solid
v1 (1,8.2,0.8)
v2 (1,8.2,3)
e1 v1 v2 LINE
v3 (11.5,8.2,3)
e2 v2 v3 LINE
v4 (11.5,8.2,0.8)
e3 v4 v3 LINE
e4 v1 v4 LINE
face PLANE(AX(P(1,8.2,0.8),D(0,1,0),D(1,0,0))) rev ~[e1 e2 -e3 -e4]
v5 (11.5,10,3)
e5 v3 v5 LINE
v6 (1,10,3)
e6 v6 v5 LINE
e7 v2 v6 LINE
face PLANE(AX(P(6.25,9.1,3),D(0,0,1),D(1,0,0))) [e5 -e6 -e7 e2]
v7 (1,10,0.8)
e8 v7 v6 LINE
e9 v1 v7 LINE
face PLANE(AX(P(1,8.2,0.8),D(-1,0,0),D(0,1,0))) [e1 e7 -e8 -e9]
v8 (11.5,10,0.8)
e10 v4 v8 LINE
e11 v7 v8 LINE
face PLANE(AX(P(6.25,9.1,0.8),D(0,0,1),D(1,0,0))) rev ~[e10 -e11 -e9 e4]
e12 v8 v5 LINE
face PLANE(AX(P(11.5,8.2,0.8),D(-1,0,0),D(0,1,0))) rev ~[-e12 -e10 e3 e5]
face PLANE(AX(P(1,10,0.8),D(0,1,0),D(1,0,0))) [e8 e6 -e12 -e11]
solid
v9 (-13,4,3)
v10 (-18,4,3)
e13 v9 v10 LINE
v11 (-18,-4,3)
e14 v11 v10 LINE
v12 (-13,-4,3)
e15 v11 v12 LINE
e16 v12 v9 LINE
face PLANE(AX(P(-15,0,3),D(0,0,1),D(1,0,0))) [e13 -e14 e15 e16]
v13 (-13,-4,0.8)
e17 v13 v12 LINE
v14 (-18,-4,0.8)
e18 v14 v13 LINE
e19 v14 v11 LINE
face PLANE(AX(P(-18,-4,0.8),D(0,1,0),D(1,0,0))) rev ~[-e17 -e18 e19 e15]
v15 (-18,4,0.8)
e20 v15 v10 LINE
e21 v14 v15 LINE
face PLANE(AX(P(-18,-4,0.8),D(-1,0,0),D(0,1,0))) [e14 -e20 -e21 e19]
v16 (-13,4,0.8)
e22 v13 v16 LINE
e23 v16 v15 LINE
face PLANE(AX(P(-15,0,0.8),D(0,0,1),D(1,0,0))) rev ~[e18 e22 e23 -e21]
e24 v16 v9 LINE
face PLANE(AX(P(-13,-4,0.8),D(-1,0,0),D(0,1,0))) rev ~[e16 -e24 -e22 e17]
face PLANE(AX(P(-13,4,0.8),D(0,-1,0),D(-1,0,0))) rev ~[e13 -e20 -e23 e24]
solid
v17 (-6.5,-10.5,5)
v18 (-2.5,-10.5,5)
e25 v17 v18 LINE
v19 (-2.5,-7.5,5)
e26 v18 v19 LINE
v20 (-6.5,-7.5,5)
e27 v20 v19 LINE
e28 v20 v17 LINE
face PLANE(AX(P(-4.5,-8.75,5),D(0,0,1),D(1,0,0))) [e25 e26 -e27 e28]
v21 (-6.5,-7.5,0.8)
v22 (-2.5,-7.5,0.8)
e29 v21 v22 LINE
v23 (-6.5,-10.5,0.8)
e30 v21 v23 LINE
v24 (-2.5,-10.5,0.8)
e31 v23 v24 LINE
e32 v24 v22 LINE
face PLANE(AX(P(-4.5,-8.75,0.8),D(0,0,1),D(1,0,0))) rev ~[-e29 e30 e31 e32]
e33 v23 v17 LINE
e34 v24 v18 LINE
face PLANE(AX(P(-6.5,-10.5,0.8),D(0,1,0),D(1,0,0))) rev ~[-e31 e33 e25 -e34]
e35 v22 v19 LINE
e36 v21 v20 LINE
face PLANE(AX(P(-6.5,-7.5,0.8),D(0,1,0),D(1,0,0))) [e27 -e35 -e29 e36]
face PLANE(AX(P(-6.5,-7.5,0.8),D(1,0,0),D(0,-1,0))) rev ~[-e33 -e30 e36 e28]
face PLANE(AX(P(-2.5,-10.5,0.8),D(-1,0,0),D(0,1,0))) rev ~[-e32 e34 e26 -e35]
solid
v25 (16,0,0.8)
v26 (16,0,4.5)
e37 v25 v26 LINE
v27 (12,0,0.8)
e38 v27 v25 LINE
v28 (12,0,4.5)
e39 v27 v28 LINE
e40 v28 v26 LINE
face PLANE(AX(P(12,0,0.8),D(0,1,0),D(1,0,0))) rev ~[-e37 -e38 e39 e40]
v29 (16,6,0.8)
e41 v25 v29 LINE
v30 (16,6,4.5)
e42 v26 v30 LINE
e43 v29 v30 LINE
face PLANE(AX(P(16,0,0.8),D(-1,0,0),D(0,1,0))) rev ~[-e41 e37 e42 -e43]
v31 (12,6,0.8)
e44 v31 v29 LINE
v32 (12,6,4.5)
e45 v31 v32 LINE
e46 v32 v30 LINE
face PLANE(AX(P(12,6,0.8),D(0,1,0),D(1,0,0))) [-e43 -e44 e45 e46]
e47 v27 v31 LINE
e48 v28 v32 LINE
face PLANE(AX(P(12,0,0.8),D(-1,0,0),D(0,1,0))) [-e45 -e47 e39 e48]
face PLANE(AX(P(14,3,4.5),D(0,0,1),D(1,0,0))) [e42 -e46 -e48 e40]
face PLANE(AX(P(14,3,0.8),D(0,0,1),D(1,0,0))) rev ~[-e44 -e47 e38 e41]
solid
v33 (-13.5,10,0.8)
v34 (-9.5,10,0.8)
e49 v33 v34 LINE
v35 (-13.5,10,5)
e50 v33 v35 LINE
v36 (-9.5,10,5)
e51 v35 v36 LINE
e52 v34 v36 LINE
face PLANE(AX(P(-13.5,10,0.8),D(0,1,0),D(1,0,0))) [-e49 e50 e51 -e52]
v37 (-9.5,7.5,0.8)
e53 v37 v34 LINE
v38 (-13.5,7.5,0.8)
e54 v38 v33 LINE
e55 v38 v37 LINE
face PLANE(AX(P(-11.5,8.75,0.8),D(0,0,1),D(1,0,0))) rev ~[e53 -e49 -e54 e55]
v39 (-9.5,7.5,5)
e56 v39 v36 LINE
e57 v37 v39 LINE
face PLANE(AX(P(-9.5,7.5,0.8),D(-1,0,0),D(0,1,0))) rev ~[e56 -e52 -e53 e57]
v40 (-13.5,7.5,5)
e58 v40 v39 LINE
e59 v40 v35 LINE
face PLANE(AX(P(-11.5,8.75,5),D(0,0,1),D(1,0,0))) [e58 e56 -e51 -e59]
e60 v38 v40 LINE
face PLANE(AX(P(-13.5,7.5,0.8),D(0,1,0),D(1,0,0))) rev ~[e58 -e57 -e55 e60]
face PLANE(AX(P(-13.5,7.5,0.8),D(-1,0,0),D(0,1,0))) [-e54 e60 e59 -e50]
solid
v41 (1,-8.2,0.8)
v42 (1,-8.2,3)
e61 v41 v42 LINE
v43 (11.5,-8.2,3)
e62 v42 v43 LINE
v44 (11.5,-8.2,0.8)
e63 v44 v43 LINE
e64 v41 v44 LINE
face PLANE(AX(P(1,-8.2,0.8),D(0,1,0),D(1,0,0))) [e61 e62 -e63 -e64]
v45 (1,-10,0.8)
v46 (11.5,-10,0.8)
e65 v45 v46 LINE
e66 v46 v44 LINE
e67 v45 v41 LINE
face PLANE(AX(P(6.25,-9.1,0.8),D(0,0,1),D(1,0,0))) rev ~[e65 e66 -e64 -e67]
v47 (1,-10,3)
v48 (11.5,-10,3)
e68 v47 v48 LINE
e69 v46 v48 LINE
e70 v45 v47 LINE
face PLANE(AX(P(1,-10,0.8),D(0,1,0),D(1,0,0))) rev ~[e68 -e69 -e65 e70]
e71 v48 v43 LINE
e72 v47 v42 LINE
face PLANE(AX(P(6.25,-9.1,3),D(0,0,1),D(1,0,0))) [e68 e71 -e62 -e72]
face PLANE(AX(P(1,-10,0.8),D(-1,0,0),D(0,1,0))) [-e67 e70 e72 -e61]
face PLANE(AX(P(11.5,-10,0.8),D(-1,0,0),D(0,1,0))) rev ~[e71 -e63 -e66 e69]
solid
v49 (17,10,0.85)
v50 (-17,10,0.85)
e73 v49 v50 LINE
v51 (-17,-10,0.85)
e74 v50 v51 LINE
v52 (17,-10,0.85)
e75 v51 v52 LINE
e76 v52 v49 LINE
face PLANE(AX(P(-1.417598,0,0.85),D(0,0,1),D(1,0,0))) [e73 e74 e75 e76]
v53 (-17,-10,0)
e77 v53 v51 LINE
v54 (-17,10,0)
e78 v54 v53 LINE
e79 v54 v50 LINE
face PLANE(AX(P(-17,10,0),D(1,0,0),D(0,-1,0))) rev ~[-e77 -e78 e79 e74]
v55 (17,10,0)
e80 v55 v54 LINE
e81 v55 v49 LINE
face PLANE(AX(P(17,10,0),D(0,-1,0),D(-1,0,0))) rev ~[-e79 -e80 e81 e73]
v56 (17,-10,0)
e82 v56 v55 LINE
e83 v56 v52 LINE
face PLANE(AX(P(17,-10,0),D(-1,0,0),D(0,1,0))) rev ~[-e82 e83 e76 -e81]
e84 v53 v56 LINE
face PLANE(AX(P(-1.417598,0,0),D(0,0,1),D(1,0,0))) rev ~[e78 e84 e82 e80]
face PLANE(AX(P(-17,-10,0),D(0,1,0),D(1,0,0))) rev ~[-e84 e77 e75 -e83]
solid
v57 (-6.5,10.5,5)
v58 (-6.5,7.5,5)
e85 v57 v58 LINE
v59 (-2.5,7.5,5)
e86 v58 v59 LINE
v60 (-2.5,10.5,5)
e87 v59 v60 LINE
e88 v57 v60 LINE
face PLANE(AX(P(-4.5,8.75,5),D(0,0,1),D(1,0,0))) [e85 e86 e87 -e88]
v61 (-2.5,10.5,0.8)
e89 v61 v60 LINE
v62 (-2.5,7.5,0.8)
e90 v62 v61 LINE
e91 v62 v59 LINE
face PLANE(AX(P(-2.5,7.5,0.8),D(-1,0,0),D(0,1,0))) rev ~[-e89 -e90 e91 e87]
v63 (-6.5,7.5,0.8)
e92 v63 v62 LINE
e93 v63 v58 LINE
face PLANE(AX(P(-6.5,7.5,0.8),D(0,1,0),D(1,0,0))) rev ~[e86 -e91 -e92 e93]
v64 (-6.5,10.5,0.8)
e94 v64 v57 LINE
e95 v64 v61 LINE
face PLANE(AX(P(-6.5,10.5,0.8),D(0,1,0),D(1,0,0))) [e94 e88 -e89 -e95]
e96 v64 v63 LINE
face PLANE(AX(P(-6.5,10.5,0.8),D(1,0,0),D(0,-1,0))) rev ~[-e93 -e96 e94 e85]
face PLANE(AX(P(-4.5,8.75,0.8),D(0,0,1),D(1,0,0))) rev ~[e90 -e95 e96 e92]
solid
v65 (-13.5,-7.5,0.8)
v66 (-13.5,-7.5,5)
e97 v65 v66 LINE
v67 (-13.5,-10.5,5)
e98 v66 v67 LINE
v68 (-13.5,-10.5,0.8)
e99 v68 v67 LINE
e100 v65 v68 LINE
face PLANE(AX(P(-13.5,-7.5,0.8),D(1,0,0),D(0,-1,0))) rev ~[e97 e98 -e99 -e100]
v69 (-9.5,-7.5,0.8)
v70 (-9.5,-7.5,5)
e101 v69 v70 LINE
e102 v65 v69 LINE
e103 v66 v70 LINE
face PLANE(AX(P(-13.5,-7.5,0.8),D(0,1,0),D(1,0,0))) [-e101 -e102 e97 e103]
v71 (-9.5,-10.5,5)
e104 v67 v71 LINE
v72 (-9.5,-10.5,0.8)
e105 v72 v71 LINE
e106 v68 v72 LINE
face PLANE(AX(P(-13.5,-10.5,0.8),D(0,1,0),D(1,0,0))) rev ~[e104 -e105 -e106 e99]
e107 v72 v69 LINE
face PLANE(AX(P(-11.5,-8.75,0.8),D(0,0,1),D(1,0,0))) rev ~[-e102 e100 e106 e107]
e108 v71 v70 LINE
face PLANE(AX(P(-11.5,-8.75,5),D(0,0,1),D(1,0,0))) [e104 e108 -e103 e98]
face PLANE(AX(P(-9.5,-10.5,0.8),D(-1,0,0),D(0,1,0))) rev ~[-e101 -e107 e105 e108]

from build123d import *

# Parameters (mm, degrees)
F0_W     = 4
F0_H     = 6
F0_W_2   = 10.5
F0_H_2   = 1.8
F0_H_3   = 8
F0_H_4   = 2.5
F1_DEPTH = 0.85
F2_START = 0.8
F2_DEPTH = 2.2
F3_START = 0.8
F3_DEPTH = 3.7
F4_START = 0.8
F0_W_3   = 1
F4_DEPTH = 2.2
F5_START = 0.8
F0_H_5   = 0.5
F5_DEPTH = 4.2


with BuildPart() as f1:
    # F0 (on Top) → F1 (new body)
    with BuildSketch(Plane.XY):
        Polygon((1, 8.2), (1, 10), (-2.5, 10), (-2.5, 7.5), (-6.5, 7.5), (-6.5, 10), (-9.5, 10), (-9.5, 7.5), (-13.5, 7.5), (-13.5, 10), (-17, 10), (-17, 4), (-13, 4), (-13, -4), (-17, -4), (-17, -10), (-13.5, -10), (-13.5, -7.5), (-9.5, -7.5), (-9.5, -10), (-6.5, -10), (-6.5, -7.5), (-2.5, -7.5), (-2.5, -10), (1, -10), (1, -8.2), (11.5, -8.2), (11.5, -10), (17, -10), (17, 10), (11.5, 10), (11.5, 8.2), align=None)
        with Locations((14, 3)):
            Rectangle(F0_W, F0_H, mode=Mode.SUBTRACT)
        with Locations((6.25, -9.1)):
            Rectangle(F0_W_2, F0_H_2)
        with Locations((6.25, 9.1)):
            Rectangle(F0_W_2, F0_H_2)
        with Locations((-15, 0)):
            Rectangle(F0_W, F0_H_3)
        with Locations((14, 3)):
            Rectangle(F0_W, F0_H)
        with Locations((-4.5, -8.75)):
            Rectangle(F0_W, F0_H_4)
        with Locations((-11.5, -8.75)):
            Rectangle(F0_W, F0_H_4)
        with Locations((-11.5, 8.75)):
            Rectangle(F0_W, F0_H_4)
        with Locations((-4.5, 8.75)):
            Rectangle(F0_W, F0_H_4)
    extrude(amount=F1_DEPTH)


with BuildPart() as f2:
    # F0 (on Top) → F2 (new body)
    with BuildSketch(Plane.XY.offset(F2_START)):
        with Locations((6.25, -9.1)):
            Rectangle(F0_W_2, F0_H_2)
    extrude(amount=F2_DEPTH)


with BuildPart() as f2b:
    # F0 (on Top) → F2, piece 2 (new body)
    with BuildSketch(Plane.XY.offset(F2_START)):
        with Locations((6.25, 9.1)):
            Rectangle(F0_W_2, F0_H_2)
    extrude(amount=F2_DEPTH)


with BuildPart() as f3:
    # F0 (on Top) → F3 (new body)
    with BuildSketch(Plane.XY.offset(F3_START)):
        with Locations((14, 3)):
            Rectangle(F0_W, F0_H)
    extrude(amount=F3_DEPTH)


with BuildPart() as f4:
    # F0 (on Top) → F4 (new body)
    with BuildSketch(Plane.XY.offset(F4_START)):
        with Locations((-15, 0)):
            Rectangle(F0_W, F0_H_3)
        with Locations((-17.5, 0)):
            Rectangle(F0_W_3, F0_H_3)
    extrude(amount=F4_DEPTH)


with BuildPart() as f5:
    # F0 (on Top) → F5 (new body)
    with BuildSketch(Plane.XY.offset(F5_START)):
        with Locations((-11.5, -8.75)):
            Rectangle(F0_W, F0_H_4)
        with Locations((-11.5, -10.25)):
            Rectangle(F0_W, F0_H_5)
    extrude(amount=F5_DEPTH)


with BuildPart() as f5b:
    # F0 (on Top) → F5, piece 2 (new body)
    with BuildSketch(Plane.XY.offset(F5_START)):
        with Locations((-4.5, -8.75)):
            Rectangle(F0_W, F0_H_4)
        with Locations((-4.5, -10.25)):
            Rectangle(F0_W, F0_H_5)
    extrude(amount=F5_DEPTH)


with BuildPart() as f5c:
    # F0 (on Top) → F5, piece 3 (new body)
    with BuildSketch(Plane.XY.offset(F5_START)):
        with Locations((-4.5, 8.75)):
            Rectangle(F0_W, F0_H_4)
        with Locations((-4.5, 10.25)):
            Rectangle(F0_W, F0_H_5)
    extrude(amount=F5_DEPTH)


with BuildPart() as f5d:
    # F0 (on Top) → F5, piece 4 (new body)
    with BuildSketch(Plane.XY.offset(F5_START)):
        with Locations((-11.5, 8.75)):
            Rectangle(F0_W, F0_H_4)
    extrude(amount=F5_DEPTH)


solid = Compound([f1.part, f2.part, f2b.part, f3.part, f4.part, f5.part, f5b.part, f5c.part, f5d.part])
